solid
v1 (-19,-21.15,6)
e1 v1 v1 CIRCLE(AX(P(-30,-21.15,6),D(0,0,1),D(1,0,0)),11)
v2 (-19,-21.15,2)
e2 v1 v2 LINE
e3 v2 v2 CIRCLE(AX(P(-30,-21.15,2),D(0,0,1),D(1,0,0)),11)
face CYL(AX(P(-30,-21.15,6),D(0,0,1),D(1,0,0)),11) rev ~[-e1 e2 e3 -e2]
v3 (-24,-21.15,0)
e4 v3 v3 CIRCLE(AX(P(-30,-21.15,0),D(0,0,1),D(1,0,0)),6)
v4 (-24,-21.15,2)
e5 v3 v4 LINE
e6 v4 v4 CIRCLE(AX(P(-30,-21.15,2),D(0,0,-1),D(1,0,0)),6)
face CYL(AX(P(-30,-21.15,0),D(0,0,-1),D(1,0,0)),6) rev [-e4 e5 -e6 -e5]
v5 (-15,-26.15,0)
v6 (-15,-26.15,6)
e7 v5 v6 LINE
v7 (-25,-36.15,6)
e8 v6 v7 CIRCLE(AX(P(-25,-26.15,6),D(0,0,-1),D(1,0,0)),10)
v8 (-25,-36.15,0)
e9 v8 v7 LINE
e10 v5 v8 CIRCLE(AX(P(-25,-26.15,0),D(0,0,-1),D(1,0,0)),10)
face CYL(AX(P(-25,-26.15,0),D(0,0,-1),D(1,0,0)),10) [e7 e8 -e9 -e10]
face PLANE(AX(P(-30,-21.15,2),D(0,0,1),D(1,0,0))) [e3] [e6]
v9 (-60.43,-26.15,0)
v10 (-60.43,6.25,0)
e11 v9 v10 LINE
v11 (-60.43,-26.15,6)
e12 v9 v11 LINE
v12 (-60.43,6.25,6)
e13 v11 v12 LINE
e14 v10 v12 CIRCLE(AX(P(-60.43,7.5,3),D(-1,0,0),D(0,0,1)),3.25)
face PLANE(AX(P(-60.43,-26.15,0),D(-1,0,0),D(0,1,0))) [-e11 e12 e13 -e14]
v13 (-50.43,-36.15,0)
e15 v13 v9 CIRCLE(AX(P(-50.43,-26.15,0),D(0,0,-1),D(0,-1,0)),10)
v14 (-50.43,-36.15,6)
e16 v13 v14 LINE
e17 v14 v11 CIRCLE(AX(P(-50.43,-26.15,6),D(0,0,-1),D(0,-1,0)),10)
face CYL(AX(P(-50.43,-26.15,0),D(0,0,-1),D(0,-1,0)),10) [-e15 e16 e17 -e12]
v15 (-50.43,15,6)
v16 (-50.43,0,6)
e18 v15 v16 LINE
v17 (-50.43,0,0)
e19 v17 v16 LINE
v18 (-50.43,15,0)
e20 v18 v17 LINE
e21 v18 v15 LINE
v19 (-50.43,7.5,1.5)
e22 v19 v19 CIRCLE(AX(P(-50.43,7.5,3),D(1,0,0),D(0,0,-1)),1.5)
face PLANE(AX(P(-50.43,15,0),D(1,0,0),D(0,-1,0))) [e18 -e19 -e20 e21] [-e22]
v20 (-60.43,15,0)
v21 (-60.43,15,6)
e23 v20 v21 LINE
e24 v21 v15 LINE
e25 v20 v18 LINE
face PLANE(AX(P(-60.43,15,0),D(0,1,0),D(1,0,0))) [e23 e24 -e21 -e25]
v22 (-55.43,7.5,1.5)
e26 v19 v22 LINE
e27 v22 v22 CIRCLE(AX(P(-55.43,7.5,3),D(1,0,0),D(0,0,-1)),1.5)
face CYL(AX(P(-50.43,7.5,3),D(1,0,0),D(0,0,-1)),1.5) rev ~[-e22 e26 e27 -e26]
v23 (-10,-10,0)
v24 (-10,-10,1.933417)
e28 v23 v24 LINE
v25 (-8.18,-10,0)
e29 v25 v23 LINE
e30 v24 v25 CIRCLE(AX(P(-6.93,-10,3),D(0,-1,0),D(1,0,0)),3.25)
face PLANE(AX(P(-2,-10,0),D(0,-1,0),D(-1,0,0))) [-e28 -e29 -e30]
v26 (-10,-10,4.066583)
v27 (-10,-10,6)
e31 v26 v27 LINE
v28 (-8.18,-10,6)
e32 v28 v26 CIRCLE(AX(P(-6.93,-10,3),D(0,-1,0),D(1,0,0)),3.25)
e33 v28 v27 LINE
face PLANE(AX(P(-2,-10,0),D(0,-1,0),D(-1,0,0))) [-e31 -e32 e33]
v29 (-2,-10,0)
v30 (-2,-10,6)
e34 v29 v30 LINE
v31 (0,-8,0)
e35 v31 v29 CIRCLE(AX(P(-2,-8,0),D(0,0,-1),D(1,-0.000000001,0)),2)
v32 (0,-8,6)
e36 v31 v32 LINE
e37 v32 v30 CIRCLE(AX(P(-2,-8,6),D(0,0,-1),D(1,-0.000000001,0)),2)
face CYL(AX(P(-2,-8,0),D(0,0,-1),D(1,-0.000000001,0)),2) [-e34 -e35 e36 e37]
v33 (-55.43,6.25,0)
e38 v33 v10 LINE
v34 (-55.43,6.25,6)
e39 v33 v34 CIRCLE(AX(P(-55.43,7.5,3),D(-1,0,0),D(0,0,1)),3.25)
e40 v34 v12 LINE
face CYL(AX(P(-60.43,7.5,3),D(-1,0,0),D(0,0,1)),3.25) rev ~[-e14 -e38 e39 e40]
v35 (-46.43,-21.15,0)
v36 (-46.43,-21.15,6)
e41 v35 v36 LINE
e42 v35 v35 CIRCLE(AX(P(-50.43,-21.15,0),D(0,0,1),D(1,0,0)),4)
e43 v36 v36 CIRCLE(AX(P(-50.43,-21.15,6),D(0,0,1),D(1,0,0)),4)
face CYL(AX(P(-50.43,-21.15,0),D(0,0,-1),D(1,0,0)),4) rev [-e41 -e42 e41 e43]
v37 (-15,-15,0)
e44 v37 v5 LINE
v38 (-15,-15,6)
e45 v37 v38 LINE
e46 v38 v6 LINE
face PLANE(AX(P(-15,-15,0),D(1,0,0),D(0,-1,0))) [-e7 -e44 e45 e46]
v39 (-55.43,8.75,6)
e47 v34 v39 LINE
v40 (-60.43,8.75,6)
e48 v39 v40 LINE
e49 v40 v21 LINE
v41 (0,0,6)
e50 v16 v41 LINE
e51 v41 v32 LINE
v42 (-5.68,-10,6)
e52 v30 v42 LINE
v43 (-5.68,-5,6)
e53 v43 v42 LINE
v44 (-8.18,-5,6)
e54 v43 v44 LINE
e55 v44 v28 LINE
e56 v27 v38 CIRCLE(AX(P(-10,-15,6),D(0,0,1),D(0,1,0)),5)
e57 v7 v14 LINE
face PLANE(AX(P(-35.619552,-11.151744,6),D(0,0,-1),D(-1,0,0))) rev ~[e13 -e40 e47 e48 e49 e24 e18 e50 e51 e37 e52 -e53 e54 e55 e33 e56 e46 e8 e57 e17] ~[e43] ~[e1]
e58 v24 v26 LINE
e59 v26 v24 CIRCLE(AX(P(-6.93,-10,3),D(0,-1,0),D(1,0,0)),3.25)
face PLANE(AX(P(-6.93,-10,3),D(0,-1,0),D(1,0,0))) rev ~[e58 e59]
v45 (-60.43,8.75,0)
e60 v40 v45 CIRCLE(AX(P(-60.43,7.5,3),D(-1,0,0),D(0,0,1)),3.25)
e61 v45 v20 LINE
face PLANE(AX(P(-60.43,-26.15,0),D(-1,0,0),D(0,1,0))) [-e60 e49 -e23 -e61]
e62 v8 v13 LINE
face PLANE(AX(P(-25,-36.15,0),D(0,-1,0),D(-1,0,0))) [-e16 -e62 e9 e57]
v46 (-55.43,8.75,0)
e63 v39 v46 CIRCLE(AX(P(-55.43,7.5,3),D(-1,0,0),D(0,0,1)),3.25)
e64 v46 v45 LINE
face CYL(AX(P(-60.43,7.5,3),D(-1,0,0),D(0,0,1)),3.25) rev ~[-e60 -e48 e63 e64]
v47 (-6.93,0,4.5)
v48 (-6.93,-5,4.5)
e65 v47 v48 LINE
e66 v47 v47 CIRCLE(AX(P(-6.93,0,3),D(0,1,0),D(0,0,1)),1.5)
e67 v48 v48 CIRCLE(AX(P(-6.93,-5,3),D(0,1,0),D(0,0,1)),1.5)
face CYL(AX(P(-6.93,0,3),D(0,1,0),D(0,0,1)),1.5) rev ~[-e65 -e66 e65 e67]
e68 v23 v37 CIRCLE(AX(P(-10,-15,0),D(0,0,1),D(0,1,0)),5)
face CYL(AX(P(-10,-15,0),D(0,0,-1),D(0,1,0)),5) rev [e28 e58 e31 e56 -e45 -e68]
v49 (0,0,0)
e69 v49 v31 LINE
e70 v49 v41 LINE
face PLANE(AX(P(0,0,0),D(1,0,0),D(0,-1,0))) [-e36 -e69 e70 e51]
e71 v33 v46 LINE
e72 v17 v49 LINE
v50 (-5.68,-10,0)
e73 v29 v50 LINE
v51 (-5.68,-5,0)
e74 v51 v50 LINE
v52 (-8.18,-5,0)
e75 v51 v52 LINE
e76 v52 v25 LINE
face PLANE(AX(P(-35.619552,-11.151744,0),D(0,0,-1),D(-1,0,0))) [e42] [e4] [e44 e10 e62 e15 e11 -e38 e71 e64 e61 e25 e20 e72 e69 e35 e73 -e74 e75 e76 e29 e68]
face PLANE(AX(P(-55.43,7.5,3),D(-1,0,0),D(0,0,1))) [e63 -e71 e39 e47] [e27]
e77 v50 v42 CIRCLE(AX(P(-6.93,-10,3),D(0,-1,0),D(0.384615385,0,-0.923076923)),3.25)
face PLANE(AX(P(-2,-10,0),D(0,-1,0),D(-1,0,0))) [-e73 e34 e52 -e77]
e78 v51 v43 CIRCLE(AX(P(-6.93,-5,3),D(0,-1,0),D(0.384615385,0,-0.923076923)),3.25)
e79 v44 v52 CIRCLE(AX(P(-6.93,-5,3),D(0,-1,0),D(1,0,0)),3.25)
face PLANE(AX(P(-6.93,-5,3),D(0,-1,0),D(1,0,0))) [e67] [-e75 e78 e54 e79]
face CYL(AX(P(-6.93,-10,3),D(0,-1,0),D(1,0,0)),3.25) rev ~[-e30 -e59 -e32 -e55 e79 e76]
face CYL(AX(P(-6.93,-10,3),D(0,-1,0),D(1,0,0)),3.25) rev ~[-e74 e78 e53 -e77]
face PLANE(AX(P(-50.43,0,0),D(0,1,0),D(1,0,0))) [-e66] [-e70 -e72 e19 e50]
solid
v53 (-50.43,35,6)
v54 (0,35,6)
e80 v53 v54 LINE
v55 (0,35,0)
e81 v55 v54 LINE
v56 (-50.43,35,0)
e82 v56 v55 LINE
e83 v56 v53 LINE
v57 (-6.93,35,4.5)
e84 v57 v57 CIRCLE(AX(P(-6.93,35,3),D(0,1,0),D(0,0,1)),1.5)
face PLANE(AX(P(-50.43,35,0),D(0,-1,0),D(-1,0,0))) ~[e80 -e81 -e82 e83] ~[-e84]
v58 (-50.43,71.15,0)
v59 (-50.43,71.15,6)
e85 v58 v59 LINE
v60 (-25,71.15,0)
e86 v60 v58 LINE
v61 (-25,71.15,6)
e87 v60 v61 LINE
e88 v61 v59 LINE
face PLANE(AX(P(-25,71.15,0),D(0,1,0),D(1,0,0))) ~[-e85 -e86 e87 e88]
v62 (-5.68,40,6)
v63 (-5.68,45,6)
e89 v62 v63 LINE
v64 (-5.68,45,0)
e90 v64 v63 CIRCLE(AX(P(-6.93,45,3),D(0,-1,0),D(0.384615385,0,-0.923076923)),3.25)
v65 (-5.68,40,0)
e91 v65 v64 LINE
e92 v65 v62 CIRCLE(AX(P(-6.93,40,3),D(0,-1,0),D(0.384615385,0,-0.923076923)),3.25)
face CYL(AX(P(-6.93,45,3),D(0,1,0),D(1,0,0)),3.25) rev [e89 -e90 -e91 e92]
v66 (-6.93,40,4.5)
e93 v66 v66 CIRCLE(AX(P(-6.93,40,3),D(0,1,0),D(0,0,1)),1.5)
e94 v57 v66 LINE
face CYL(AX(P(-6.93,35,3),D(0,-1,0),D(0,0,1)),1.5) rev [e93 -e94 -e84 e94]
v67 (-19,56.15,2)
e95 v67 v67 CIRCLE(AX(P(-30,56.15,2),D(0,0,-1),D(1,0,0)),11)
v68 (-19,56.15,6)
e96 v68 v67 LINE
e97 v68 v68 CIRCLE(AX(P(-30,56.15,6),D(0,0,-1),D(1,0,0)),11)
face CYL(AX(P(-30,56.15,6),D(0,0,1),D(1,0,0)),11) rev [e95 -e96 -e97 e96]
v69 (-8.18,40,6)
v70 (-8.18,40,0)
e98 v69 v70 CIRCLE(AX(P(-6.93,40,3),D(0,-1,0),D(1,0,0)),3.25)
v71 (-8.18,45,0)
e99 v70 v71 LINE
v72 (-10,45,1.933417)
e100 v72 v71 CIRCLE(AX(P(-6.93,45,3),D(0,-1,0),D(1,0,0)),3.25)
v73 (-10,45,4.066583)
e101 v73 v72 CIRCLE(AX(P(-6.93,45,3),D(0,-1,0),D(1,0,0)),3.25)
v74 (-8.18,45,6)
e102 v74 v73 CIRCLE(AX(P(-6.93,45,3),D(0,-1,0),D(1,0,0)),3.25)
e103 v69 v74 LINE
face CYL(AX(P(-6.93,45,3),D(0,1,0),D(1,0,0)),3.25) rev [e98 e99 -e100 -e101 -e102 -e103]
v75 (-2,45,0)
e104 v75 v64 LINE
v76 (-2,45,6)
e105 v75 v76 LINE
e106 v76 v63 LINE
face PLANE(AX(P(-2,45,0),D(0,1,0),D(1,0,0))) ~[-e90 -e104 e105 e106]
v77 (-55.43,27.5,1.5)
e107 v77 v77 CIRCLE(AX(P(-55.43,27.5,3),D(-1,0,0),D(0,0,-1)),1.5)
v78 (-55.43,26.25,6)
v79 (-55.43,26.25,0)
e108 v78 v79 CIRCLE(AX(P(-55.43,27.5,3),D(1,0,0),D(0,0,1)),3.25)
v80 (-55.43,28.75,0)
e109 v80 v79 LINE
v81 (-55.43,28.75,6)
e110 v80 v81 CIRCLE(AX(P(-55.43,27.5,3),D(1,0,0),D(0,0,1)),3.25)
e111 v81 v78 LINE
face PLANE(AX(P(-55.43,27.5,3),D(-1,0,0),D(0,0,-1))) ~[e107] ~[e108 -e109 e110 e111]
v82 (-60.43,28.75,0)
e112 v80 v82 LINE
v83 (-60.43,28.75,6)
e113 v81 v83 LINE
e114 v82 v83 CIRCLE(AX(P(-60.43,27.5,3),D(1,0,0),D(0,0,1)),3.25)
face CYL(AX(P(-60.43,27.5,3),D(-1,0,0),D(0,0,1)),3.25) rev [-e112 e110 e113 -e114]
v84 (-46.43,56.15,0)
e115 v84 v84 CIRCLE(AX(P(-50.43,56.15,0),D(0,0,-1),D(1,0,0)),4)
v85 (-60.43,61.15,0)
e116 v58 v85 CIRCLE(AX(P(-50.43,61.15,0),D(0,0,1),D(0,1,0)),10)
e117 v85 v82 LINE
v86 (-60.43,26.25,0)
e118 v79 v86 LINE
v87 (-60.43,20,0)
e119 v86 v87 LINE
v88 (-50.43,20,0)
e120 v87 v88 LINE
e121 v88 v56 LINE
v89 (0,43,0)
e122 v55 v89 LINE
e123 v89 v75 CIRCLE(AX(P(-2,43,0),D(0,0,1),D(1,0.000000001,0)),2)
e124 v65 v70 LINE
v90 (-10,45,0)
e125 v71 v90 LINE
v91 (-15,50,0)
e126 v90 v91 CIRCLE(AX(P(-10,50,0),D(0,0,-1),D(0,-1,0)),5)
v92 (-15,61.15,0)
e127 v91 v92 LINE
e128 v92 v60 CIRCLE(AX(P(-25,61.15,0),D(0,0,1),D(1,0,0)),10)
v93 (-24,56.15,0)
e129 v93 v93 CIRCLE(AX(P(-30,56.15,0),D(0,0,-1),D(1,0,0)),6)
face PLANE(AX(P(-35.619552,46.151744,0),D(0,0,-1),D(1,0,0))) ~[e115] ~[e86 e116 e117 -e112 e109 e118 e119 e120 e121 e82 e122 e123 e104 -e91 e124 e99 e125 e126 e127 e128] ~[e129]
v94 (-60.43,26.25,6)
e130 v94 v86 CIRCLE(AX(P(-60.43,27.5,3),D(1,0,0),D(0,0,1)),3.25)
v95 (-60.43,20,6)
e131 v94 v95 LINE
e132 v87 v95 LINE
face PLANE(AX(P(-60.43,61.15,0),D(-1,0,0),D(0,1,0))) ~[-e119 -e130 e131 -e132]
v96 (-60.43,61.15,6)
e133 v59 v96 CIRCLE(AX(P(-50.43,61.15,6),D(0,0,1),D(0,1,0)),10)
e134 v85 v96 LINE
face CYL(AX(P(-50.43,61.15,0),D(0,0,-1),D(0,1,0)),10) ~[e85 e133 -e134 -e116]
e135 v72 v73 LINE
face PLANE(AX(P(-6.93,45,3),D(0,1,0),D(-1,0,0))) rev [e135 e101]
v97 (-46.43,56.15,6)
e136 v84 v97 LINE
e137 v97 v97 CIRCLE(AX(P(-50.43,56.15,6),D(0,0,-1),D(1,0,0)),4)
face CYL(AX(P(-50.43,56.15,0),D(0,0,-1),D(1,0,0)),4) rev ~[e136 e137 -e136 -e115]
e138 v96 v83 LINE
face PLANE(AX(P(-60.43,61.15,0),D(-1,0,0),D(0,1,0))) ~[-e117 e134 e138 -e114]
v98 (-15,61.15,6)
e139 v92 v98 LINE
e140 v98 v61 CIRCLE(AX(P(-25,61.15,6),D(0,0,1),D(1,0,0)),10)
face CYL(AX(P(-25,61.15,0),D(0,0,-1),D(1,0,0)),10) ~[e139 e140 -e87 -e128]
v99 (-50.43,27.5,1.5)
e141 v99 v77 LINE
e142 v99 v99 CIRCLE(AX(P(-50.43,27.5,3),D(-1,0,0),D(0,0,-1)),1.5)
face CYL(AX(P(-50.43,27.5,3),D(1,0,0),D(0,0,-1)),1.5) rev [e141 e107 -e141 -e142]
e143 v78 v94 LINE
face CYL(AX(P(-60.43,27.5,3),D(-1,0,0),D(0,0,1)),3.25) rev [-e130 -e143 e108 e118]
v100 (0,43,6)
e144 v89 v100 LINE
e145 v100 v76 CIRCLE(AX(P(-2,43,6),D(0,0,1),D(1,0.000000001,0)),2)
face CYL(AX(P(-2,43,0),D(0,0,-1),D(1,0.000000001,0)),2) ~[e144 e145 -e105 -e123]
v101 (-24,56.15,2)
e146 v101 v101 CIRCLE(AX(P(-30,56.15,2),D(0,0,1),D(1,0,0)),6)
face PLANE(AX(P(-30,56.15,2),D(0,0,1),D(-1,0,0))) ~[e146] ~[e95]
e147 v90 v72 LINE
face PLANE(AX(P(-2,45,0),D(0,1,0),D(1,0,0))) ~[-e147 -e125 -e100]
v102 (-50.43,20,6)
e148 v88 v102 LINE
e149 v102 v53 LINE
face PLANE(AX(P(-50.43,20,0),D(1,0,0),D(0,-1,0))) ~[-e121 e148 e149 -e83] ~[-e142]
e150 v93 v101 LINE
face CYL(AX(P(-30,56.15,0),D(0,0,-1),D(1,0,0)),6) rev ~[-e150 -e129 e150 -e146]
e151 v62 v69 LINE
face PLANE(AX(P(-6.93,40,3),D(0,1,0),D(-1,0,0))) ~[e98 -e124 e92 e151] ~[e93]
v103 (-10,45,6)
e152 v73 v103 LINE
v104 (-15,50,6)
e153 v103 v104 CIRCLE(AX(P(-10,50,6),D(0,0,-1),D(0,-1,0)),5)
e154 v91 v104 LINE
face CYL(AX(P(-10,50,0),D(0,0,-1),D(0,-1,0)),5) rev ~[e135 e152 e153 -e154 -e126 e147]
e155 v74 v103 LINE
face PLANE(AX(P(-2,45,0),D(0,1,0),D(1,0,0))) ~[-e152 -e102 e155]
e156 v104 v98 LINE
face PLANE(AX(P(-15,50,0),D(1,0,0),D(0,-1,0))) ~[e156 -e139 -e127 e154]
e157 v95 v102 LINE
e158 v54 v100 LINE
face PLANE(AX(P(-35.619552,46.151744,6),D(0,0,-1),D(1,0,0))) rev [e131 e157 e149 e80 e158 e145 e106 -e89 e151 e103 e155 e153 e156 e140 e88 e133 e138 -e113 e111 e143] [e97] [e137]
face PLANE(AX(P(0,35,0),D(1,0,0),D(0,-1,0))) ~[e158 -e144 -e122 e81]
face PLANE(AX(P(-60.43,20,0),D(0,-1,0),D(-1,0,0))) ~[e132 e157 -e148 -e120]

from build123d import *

# Parameters (mm, degrees)
CROQUIS1_R              = 4
CROQUIS1_R_2            = 6
SALIENTE_EXTRUIR2_DEPTH = 6
CROQUIS2_R              = 11
CORTAR_EXTRUIR1_DEPTH   = 4
CROQUIS3_R              = 1.5
CORTAR_EXTRUIR2_DEPTH   = 71.672536391
CROQUIS4_R              = 1.5
CORTAR_EXTRUIR3_DEPTH   = 63.337848856
CROQUIS5_R              = 3.25
CORTAR_EXTRUIR4_DEPTH   = 5
CROQUIS6_R              = 3.25
CORTAR_EXTRUIR5_DEPTH   = 5


with BuildPart() as part:
    # Croquis1 → Saliente-Extruir2 (new body)
    with BuildSketch(Plane.XY):
        with BuildLine():
            Line((-50.43, 0), (0, 0))
            Line((0, 0), (0, -8))
            ThreePointArc((0, -8), (-0.585786438, -9.414213562), (-2, -10))
            Line((-2, -10), (-10, -10))
            ThreePointArc((-10, -10), (-13.535533906, -11.464466094), (-15, -15))
            Line((-15, -15), (-15, -26.15))
            ThreePointArc((-15, -26.15), (-17.928932188, -33.221067812), (-25, -36.15))
            Line((-25, -36.15), (-50.43, -36.15))
            ThreePointArc((-50.43, -36.15), (-57.501067812, -33.221067812), (-60.43, -26.15))
            Line((-60.43, -26.15), (-60.43, 15))
            Line((-60.43, 15), (-50.43, 15))
            Line((-50.43, 15), (-50.43, 0))
        make_face()
        with Locations((-50.43, -21.15)):
            Circle(CROQUIS1_R, mode=Mode.SUBTRACT)
        with Locations((-30, -21.15)):
            Circle(CROQUIS1_R_2, mode=Mode.SUBTRACT)
    extrude(amount=SALIENTE_EXTRUIR2_DEPTH)

    # Croquis2 → Cortar-Extruir1 (cut)
    with BuildSketch(Plane.XY.offset(6)):
        with Locations((-30, -21.15)):
            Circle(CROQUIS2_R)
    extrude(amount=-CORTAR_EXTRUIR1_DEPTH, mode=Mode.SUBTRACT)

    # Croquis3 → Cortar-Extruir2 (cut, through all)
    with BuildSketch(Plane(origin=(0, 0, 0), x_dir=(-1, 0, 0), z_dir=(0, 1, 0))):
        with Locations(Location((6.93, 3, 0), (0, 0, 90))):
            Circle(CROQUIS3_R)
    extrude(amount=-CORTAR_EXTRUIR2_DEPTH, mode=Mode.SUBTRACT)

    # Croquis4 → Cortar-Extruir3 (cut, through all)
    with BuildSketch(Plane(origin=(-50.43, 0, 0), x_dir=(0, 0, -1), z_dir=(1, 0, 0))):
        with Locations((-3, 7.5)):
            Circle(CROQUIS4_R)
    extrude(amount=-CORTAR_EXTRUIR3_DEPTH, mode=Mode.SUBTRACT)

    # Croquis5 → Cortar-Extruir4 (cut)
    with BuildSketch(Plane.ZY.offset(60.43)):
        with Locations((3, 7.5)):
            Circle(CROQUIS5_R)
    extrude(amount=-CORTAR_EXTRUIR4_DEPTH, mode=Mode.SUBTRACT)

    # Croquis6 → Cortar-Extruir5 (cut)
    with BuildSketch(Plane.XZ.offset(10)):
        with Locations((-6.93, 3)):
            Circle(CROQUIS6_R)
    extrude(amount=-CORTAR_EXTRUIR5_DEPTH, mode=Mode.SUBTRACT)


with BuildPart() as body_2:
    # Simetría2: mirrored copy
    add(part.part.mirror(Plane.ZX.offset(17.5)))


solid = Compound([part.part, body_2.part])
